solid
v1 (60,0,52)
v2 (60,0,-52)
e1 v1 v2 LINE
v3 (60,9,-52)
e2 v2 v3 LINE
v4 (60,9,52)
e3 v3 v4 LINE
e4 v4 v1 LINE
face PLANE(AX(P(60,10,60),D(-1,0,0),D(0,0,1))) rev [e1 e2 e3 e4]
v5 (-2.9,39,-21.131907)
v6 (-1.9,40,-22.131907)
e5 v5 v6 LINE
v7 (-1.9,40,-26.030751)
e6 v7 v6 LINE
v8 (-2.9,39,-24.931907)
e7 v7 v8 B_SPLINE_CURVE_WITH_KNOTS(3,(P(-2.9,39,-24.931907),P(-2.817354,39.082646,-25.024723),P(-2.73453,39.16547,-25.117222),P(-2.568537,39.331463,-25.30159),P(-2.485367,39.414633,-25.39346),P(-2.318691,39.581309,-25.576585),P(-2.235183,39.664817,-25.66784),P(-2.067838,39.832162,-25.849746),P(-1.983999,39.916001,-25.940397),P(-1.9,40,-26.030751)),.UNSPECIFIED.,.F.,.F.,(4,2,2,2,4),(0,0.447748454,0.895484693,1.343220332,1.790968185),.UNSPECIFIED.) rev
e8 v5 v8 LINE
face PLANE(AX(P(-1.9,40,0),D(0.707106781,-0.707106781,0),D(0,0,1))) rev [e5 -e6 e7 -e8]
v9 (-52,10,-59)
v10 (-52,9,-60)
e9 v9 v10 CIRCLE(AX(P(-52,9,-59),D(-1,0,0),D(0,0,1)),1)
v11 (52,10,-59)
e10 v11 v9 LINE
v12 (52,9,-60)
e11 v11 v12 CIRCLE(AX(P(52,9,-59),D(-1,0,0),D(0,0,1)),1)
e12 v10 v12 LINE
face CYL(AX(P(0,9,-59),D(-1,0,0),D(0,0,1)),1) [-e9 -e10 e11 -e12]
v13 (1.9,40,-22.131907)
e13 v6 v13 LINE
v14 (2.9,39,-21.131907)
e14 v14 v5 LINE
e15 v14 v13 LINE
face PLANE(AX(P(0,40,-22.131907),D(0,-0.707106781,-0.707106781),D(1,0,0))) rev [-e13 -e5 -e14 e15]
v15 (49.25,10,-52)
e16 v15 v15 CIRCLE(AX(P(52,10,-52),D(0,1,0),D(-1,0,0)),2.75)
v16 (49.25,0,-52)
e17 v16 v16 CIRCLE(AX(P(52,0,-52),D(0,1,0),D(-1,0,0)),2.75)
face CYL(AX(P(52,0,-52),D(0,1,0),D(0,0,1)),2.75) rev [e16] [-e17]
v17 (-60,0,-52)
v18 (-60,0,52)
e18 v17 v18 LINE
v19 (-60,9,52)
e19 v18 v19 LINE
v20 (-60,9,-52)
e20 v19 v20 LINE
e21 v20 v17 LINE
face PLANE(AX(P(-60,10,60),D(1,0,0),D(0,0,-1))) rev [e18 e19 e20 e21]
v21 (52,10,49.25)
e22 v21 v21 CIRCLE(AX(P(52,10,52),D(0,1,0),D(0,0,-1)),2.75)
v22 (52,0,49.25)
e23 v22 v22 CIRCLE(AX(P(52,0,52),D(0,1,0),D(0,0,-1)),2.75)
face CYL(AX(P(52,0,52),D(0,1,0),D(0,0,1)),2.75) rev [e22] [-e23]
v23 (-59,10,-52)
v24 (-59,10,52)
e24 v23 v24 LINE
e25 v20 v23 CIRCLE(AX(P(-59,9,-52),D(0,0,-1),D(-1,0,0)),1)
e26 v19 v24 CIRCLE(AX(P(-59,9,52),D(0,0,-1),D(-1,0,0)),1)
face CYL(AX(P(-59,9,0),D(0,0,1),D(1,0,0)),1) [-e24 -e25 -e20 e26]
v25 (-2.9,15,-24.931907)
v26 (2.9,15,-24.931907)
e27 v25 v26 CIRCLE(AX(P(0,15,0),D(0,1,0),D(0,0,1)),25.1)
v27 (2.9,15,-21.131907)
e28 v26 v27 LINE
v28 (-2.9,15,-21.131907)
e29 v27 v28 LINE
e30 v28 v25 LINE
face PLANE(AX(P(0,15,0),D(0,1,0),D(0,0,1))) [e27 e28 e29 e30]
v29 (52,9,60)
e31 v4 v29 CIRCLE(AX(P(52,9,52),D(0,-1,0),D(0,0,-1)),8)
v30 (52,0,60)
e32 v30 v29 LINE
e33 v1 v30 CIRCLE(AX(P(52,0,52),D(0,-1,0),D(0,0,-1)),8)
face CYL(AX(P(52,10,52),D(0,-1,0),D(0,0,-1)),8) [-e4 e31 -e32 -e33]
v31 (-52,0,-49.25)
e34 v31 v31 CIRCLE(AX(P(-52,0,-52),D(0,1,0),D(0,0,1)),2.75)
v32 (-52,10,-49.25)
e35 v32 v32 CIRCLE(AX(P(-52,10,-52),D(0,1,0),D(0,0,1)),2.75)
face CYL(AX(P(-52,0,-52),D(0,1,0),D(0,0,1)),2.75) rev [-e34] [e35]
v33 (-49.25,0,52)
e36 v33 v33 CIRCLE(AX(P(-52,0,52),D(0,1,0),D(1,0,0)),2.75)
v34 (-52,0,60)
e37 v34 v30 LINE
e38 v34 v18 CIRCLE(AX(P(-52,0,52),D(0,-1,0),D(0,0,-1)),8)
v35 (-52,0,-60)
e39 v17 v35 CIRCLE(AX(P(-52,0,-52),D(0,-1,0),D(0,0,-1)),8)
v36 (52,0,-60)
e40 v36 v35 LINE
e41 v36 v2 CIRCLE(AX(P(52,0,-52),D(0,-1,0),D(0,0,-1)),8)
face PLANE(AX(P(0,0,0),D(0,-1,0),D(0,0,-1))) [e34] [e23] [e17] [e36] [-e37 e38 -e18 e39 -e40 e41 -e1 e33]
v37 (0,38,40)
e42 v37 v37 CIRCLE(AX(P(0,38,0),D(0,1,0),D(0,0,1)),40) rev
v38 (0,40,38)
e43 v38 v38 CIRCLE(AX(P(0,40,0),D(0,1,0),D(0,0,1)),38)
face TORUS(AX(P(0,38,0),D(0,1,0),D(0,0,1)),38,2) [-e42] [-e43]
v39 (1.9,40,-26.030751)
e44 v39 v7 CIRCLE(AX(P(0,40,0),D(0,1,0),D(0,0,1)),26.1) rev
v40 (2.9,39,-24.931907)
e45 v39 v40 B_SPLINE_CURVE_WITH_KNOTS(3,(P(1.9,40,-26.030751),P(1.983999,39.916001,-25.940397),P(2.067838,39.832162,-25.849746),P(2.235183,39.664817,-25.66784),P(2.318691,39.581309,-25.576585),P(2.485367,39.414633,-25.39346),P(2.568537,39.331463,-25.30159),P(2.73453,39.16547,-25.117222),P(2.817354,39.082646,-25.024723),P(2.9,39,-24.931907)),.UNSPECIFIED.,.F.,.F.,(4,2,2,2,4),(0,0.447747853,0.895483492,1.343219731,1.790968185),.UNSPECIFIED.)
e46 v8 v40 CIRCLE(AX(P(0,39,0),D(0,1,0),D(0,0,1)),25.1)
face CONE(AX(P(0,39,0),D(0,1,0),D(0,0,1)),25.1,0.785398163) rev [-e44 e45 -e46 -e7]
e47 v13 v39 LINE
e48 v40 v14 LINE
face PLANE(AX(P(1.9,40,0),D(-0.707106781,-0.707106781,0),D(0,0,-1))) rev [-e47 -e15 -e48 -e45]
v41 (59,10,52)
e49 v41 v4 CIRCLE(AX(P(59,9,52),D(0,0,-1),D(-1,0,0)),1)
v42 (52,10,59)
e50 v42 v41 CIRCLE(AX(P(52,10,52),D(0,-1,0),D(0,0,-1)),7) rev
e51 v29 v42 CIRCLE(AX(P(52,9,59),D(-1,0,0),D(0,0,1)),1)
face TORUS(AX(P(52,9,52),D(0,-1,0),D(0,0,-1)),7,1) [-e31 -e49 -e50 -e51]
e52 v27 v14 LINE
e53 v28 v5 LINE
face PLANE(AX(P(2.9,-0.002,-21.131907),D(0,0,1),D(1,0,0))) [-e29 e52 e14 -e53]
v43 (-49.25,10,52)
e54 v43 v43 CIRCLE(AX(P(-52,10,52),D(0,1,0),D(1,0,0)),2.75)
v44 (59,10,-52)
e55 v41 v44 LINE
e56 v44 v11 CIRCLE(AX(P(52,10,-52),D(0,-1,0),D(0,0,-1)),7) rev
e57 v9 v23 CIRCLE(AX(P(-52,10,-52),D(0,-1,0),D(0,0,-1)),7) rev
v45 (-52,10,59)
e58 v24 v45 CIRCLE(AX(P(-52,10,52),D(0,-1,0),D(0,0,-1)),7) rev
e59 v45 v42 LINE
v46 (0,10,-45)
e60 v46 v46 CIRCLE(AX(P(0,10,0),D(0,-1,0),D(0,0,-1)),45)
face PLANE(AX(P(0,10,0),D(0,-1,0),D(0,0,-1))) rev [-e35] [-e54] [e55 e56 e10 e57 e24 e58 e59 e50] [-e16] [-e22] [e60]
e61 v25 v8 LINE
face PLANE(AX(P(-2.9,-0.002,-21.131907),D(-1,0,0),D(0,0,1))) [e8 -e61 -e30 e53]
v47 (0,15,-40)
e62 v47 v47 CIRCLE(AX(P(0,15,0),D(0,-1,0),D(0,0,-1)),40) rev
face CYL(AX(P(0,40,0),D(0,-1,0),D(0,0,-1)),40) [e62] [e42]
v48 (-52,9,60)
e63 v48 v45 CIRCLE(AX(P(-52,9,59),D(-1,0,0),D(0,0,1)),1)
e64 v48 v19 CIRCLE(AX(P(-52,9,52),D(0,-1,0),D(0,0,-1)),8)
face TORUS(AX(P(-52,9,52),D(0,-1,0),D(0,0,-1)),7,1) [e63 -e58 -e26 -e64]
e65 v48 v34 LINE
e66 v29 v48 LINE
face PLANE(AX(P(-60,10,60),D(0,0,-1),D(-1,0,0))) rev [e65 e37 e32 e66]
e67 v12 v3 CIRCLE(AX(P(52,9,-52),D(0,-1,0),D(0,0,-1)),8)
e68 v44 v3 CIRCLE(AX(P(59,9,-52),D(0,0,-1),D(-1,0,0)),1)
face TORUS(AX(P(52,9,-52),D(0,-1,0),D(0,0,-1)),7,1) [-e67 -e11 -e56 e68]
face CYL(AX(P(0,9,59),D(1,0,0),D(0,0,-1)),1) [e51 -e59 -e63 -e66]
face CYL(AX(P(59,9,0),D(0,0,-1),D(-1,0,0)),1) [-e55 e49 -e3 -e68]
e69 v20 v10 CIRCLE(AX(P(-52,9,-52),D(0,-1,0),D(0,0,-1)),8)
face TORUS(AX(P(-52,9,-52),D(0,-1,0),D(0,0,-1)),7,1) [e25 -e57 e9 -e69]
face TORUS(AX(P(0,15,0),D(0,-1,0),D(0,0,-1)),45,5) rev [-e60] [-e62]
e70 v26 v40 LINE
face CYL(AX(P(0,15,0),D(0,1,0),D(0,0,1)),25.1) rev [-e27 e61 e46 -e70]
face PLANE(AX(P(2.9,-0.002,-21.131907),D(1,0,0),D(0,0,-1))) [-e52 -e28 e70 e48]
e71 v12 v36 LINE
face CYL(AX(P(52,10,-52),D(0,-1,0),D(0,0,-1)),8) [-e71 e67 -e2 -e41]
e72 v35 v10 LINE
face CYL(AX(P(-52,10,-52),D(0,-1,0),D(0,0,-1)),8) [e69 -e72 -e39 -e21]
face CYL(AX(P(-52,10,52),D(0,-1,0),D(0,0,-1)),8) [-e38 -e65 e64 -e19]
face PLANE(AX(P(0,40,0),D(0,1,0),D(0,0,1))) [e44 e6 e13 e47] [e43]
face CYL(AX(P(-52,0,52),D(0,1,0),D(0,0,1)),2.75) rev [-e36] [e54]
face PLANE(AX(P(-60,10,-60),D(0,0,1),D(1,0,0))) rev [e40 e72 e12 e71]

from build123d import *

# Parameters (mm, degrees)
SKETCH1_W           = 120
SKETCH1_H           = 120
BOSS_EXTRUDE1_DEPTH = 10
SKETCH2_R           = 2.75
CUT_EXTRUDE1_DEPTH  = 86.440037453
CIRPATTERN1_COUNT   = 4
FILLET1_R           = 8
FILLET2_R           = 1
SKETCH3_R           = 40
BOSS_EXTRUDE2_DEPTH = 30
SKETCH4_R           = 25.1
CUT_EXTRUDE2_DEPTH  = 25
BOSS_EXTRUDE3_REACH = 95.808
CHAMFER1_SIZE       = 1
FILLET3_R           = 2
FILLET4_R           = 5


with BuildPart() as part:
    # Sketch1 → Boss-Extrude1 (new body)
    with BuildSketch(Plane(origin=(0, 0, 0), x_dir=(1, 0, 0), z_dir=(0, 1, 0))):
        Rectangle(SKETCH1_W, SKETCH1_H)
    extrude(amount=BOSS_EXTRUDE1_DEPTH)

    # Sketch2 → Cut-Extrude1 (cut, through all)
    with BuildSketch(Plane(origin=(0, 10, 0), x_dir=(1, 0, 0), z_dir=(0, 1, 0))):
        with Locations((-52, 52)):
            Circle(SKETCH2_R)
    cut_extrude1 = extrude(amount=-CUT_EXTRUDE1_DEPTH, mode=Mode.SUBTRACT)

    # CirPattern1: Cut-Extrude1 ×4 about axis
    cirpattern1_axis = Axis((0, 0, 0), (0, 1, 0))
    for i in range(1, CIRPATTERN1_COUNT):
        add(cut_extrude1.rotate(cirpattern1_axis, i * 360 / CIRPATTERN1_COUNT), mode=Mode.SUBTRACT)

    # Fillet1
    fillet1_edges = [part.edges().sort_by_distance(p)[0] for p in [
        (-60, 5, 60),
        (60, 5, 60),
        (60, 5, -60),
        (-60, 5, -60),
    ]]
    fillet(fillet1_edges, radius=FILLET1_R)

    # Fillet2
    fillet2_edges = [part.edges().sort_by_distance(p)[0] for p in [
        (-57.656854249, 10, -57.656854249),
        (0, 10, -60),
        (57.656854249, 10, -57.656854249),
        (60, 10, 0),
        (57.656854249, 10, 57.656854249),
        (0, 10, 60),
        (-57.656854249, 10, 57.656854249),
        (-60, 10, 0),
    ]]
    fillet(fillet2_edges, radius=FILLET2_R)

    # Sketch3 → Boss-Extrude2 (add)
    with BuildSketch(Plane(origin=(0, 10, 0), x_dir=(1, 0, 0), z_dir=(0, 1, 0))):
        Circle(SKETCH3_R)
    extrude(amount=BOSS_EXTRUDE2_DEPTH)

    # Sketch4 → Cut-Extrude2 (cut)
    with BuildSketch(Plane(origin=(0, 40, 0), x_dir=(1, 0, 0), z_dir=(0, 1, 0))):
        Circle(SKETCH4_R)
    extrude(amount=-CUT_EXTRUDE2_DEPTH, mode=Mode.SUBTRACT)

    # Sketch5 → Boss-Extrude3 (add, up to next)
    with BuildSketch(Plane(origin=(0, 40, 0), x_dir=(1, 0, 0), z_dir=(0, 1, 0)), mode=Mode.PRIVATE) as boss_extrude3_sk1:
        with BuildLine():
            Line((2.9, 21.131907268), (-2.9, 21.131907268))
            Line((-2.9, 21.131907268), (-2.9, 24.931907268))
            ThreePointArc((-2.9, 24.931907268), (0, 25.1), (2.9, 24.931907268))
            Line((2.9, 24.931907268), (2.9, 21.131907268))
        make_face()
    boss_extrude3_tool1 = extrude(boss_extrude3_sk1.sketch, amount=-BOSS_EXTRUDE3_REACH, mode=Mode.PRIVATE) - part.part
    add(boss_extrude3_tool1.solids().sort_by_distance((0, 40, -23.088296))[0])

    # Chamfer1
    chamfer1_edges = [part.edges().sort_by_distance(p)[0] for p in [
        (-2.9, 40, -23.031907268),
        (0, 40, -21.131907268),
        (2.9, 40, -23.031907268),
        (0, 40, 25.1),
    ]]
    chamfer(chamfer1_edges, length=CHAMFER1_SIZE)

    # Fillet3
    fillet3_edges = [part.edges().sort_by_distance(p)[0] for p in [
        (-40, 40, 0),
    ]]
    fillet(fillet3_edges, radius=FILLET3_R)

    # Fillet4
    fillet4_edges = [part.edges().sort_by_distance(p)[0] for p in [
        (-40, 10, 0),
    ]]
    fillet(fillet4_edges, radius=FILLET4_R)


solid = part.part
